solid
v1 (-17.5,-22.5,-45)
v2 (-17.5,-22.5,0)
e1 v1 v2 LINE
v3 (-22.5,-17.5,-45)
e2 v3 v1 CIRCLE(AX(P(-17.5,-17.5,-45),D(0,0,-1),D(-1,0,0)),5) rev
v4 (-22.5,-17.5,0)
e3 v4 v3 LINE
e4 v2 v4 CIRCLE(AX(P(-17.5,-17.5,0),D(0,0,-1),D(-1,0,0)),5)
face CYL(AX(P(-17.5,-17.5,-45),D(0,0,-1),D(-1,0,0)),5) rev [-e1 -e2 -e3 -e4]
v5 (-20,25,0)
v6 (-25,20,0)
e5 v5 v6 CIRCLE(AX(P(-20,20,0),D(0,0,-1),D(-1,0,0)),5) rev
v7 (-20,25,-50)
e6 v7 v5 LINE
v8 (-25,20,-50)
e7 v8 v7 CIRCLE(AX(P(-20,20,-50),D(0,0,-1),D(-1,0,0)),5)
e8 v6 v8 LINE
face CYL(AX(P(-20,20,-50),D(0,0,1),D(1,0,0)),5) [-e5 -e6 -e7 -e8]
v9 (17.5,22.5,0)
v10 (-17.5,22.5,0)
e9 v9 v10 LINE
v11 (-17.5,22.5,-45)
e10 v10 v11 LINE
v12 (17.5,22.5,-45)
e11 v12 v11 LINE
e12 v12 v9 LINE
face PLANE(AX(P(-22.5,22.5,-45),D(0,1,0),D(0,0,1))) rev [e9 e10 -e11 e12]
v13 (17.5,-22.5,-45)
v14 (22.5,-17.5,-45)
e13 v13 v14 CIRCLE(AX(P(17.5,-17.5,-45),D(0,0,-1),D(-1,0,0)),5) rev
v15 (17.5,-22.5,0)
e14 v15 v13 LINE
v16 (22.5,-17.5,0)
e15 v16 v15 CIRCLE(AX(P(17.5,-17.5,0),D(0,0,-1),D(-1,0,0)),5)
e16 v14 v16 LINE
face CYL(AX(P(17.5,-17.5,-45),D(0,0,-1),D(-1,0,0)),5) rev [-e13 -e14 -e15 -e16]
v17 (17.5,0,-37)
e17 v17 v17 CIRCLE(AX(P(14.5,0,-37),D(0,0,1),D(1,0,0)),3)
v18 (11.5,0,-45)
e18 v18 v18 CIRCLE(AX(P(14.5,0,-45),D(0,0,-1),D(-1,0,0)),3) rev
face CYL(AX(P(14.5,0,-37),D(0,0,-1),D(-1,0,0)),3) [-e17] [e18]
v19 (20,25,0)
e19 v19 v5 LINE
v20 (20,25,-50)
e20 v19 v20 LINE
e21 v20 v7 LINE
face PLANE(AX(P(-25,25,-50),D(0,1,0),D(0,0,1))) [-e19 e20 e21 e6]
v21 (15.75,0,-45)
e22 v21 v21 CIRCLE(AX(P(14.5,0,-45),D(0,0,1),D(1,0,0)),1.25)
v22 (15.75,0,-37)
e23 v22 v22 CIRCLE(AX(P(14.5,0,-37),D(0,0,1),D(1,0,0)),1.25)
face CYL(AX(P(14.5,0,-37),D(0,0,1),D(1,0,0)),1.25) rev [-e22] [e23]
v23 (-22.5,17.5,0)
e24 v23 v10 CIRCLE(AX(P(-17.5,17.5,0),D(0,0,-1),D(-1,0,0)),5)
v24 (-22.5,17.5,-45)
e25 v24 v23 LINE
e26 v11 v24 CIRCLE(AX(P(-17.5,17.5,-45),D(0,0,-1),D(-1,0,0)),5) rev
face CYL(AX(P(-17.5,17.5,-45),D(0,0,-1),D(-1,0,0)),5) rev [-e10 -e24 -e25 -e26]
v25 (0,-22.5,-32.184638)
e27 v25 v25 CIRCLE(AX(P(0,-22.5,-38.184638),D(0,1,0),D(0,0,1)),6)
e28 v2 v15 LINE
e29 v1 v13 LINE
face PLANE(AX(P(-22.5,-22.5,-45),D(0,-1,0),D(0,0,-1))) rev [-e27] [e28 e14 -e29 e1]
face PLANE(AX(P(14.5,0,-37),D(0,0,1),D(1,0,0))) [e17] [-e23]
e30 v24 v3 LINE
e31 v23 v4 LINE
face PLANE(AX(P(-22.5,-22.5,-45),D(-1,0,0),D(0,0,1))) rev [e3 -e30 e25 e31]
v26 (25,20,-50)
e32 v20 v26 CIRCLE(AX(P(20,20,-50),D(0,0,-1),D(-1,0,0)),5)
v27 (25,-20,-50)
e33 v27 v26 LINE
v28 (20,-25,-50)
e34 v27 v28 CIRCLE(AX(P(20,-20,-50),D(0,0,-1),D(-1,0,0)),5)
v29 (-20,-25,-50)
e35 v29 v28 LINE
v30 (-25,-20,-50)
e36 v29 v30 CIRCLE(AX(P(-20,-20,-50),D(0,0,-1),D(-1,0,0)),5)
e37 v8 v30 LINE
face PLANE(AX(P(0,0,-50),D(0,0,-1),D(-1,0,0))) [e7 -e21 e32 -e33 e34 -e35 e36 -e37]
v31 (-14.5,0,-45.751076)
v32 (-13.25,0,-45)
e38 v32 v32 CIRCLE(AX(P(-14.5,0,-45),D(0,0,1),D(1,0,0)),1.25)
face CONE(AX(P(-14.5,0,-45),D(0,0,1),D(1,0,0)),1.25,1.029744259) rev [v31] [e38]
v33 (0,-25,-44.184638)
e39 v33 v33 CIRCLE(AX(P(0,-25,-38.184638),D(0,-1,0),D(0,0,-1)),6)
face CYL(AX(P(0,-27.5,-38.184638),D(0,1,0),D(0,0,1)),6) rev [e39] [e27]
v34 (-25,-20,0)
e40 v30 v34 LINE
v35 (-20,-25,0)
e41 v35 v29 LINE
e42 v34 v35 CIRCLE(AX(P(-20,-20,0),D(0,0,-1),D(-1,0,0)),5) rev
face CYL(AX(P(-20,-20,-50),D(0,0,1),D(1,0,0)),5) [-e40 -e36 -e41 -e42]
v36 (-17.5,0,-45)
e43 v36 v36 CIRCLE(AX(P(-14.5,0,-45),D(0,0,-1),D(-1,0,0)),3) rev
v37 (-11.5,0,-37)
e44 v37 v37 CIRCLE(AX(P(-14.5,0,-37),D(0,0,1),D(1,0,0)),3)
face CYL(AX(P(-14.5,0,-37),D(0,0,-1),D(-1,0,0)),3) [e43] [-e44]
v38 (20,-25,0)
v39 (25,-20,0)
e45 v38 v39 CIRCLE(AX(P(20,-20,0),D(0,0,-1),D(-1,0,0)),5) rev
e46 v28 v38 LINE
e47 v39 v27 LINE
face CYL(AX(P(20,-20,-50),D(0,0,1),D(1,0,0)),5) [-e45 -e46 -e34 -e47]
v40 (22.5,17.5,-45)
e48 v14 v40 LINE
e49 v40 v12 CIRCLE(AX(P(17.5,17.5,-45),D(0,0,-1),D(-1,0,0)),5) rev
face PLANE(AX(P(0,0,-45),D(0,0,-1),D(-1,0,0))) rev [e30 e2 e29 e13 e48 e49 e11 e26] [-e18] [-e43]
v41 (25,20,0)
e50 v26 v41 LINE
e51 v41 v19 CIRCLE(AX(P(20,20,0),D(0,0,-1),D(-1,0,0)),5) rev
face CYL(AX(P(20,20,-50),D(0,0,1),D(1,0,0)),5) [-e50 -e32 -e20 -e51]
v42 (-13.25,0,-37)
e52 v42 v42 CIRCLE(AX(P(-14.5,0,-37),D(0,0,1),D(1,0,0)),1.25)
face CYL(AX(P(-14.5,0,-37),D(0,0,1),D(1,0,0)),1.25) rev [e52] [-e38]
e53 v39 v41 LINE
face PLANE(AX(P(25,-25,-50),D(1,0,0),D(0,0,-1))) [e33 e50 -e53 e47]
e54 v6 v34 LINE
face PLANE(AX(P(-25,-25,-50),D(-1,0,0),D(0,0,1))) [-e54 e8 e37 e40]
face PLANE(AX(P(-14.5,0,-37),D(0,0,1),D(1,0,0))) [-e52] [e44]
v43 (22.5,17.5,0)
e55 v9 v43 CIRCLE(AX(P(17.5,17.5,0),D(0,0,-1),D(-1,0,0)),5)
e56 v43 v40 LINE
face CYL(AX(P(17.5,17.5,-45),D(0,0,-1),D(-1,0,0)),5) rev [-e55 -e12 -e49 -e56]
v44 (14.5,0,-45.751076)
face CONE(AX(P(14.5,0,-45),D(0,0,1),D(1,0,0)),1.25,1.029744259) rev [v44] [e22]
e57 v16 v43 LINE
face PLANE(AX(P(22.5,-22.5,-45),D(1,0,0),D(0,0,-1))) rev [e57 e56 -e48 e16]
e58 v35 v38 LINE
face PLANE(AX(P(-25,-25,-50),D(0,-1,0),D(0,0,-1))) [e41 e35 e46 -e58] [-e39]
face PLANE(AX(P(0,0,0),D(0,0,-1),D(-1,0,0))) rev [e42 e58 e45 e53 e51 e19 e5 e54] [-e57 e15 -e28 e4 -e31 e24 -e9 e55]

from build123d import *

# Parameters (mm, degrees)
SKETCH1_W                       = 50
SKETCH1_H                       = 50
BOSS_EXTRUDE1_DEPTH             = 50
SKETCH3_W                       = 45
SKETCH3_H                       = 45
CUT_EXTRUDE4_DEPTH              = 45
SKETCH5_R                       = 3
BOSS_EXTRUDE2_DEPTH             = 8
TAP_DRILL_FOR_M3X0_5_TAP2_D     = 2.5
TAP_DRILL_FOR_M3X0_5_TAP2_DEPTH = 8
TAP_DRILL_FOR_M3X0_5_TAP2_TIP   = 0.751075774
SKETCH10_R                      = 6
CUT_EXTRUDE5_DEPTH              = 5
FILLET2_R                       = 5


with BuildPart() as part:
    # Sketch1 → Boss-Extrude1 (new body)
    with BuildSketch(Plane.XY):
        Rectangle(SKETCH1_W, SKETCH1_H)
    extrude(amount=-BOSS_EXTRUDE1_DEPTH)

    # Sketch3 → Cut-Extrude4 (cut)
    with BuildSketch(Plane.XY):
        Rectangle(SKETCH3_W, SKETCH3_H)
    extrude(amount=-CUT_EXTRUDE4_DEPTH, mode=Mode.SUBTRACT)

    # Sketch5 → Boss-Extrude2 (add)
    with BuildSketch(Plane.XY.offset(-45)):
        with Locations((-14.5, 0)):
            Circle(SKETCH5_R)
        with Locations((14.5, 0)):
            Circle(SKETCH5_R)
    extrude(amount=BOSS_EXTRUDE2_DEPTH)

    # Tap Drill for M3x0.5 Tap2
    with Locations(Plane.XY.offset(-37)):
        with Locations((-14.5, 0), (14.5, 0)):
            Hole(TAP_DRILL_FOR_M3X0_5_TAP2_D / 2, depth=TAP_DRILL_FOR_M3X0_5_TAP2_DEPTH)
            with Locations((0, 0, -(TAP_DRILL_FOR_M3X0_5_TAP2_DEPTH + TAP_DRILL_FOR_M3X0_5_TAP2_TIP / 2))):  # 118° drill point
                Cone(0, TAP_DRILL_FOR_M3X0_5_TAP2_D / 2, TAP_DRILL_FOR_M3X0_5_TAP2_TIP, mode=Mode.SUBTRACT)

    # Sketch10 → Cut-Extrude5 (cut)
    with BuildSketch(Plane(origin=(0, -22.5, 0), x_dir=(1, 0, 0), z_dir=(0, 1, 0))):
        with Locations((0, 38.184638056)):
            Circle(SKETCH10_R)
    extrude(amount=-CUT_EXTRUDE5_DEPTH, mode=Mode.SUBTRACT)

    # Fillet2
    fillet2_edges = [part.edges().sort_by_distance(p)[0] for p in [
        (22.5, 22.5, -22.5),
        (22.5, -22.5, -22.5),
        (-22.5, -22.5, -22.5),
        (-22.5, 22.5, -22.5),
        (25, -25, -25),
        (-25, -25, -25),
        (-25, 25, -25),
        (25, 25, -25),
    ]]
    fillet(fillet2_edges, radius=FILLET2_R)


solid = part.part
